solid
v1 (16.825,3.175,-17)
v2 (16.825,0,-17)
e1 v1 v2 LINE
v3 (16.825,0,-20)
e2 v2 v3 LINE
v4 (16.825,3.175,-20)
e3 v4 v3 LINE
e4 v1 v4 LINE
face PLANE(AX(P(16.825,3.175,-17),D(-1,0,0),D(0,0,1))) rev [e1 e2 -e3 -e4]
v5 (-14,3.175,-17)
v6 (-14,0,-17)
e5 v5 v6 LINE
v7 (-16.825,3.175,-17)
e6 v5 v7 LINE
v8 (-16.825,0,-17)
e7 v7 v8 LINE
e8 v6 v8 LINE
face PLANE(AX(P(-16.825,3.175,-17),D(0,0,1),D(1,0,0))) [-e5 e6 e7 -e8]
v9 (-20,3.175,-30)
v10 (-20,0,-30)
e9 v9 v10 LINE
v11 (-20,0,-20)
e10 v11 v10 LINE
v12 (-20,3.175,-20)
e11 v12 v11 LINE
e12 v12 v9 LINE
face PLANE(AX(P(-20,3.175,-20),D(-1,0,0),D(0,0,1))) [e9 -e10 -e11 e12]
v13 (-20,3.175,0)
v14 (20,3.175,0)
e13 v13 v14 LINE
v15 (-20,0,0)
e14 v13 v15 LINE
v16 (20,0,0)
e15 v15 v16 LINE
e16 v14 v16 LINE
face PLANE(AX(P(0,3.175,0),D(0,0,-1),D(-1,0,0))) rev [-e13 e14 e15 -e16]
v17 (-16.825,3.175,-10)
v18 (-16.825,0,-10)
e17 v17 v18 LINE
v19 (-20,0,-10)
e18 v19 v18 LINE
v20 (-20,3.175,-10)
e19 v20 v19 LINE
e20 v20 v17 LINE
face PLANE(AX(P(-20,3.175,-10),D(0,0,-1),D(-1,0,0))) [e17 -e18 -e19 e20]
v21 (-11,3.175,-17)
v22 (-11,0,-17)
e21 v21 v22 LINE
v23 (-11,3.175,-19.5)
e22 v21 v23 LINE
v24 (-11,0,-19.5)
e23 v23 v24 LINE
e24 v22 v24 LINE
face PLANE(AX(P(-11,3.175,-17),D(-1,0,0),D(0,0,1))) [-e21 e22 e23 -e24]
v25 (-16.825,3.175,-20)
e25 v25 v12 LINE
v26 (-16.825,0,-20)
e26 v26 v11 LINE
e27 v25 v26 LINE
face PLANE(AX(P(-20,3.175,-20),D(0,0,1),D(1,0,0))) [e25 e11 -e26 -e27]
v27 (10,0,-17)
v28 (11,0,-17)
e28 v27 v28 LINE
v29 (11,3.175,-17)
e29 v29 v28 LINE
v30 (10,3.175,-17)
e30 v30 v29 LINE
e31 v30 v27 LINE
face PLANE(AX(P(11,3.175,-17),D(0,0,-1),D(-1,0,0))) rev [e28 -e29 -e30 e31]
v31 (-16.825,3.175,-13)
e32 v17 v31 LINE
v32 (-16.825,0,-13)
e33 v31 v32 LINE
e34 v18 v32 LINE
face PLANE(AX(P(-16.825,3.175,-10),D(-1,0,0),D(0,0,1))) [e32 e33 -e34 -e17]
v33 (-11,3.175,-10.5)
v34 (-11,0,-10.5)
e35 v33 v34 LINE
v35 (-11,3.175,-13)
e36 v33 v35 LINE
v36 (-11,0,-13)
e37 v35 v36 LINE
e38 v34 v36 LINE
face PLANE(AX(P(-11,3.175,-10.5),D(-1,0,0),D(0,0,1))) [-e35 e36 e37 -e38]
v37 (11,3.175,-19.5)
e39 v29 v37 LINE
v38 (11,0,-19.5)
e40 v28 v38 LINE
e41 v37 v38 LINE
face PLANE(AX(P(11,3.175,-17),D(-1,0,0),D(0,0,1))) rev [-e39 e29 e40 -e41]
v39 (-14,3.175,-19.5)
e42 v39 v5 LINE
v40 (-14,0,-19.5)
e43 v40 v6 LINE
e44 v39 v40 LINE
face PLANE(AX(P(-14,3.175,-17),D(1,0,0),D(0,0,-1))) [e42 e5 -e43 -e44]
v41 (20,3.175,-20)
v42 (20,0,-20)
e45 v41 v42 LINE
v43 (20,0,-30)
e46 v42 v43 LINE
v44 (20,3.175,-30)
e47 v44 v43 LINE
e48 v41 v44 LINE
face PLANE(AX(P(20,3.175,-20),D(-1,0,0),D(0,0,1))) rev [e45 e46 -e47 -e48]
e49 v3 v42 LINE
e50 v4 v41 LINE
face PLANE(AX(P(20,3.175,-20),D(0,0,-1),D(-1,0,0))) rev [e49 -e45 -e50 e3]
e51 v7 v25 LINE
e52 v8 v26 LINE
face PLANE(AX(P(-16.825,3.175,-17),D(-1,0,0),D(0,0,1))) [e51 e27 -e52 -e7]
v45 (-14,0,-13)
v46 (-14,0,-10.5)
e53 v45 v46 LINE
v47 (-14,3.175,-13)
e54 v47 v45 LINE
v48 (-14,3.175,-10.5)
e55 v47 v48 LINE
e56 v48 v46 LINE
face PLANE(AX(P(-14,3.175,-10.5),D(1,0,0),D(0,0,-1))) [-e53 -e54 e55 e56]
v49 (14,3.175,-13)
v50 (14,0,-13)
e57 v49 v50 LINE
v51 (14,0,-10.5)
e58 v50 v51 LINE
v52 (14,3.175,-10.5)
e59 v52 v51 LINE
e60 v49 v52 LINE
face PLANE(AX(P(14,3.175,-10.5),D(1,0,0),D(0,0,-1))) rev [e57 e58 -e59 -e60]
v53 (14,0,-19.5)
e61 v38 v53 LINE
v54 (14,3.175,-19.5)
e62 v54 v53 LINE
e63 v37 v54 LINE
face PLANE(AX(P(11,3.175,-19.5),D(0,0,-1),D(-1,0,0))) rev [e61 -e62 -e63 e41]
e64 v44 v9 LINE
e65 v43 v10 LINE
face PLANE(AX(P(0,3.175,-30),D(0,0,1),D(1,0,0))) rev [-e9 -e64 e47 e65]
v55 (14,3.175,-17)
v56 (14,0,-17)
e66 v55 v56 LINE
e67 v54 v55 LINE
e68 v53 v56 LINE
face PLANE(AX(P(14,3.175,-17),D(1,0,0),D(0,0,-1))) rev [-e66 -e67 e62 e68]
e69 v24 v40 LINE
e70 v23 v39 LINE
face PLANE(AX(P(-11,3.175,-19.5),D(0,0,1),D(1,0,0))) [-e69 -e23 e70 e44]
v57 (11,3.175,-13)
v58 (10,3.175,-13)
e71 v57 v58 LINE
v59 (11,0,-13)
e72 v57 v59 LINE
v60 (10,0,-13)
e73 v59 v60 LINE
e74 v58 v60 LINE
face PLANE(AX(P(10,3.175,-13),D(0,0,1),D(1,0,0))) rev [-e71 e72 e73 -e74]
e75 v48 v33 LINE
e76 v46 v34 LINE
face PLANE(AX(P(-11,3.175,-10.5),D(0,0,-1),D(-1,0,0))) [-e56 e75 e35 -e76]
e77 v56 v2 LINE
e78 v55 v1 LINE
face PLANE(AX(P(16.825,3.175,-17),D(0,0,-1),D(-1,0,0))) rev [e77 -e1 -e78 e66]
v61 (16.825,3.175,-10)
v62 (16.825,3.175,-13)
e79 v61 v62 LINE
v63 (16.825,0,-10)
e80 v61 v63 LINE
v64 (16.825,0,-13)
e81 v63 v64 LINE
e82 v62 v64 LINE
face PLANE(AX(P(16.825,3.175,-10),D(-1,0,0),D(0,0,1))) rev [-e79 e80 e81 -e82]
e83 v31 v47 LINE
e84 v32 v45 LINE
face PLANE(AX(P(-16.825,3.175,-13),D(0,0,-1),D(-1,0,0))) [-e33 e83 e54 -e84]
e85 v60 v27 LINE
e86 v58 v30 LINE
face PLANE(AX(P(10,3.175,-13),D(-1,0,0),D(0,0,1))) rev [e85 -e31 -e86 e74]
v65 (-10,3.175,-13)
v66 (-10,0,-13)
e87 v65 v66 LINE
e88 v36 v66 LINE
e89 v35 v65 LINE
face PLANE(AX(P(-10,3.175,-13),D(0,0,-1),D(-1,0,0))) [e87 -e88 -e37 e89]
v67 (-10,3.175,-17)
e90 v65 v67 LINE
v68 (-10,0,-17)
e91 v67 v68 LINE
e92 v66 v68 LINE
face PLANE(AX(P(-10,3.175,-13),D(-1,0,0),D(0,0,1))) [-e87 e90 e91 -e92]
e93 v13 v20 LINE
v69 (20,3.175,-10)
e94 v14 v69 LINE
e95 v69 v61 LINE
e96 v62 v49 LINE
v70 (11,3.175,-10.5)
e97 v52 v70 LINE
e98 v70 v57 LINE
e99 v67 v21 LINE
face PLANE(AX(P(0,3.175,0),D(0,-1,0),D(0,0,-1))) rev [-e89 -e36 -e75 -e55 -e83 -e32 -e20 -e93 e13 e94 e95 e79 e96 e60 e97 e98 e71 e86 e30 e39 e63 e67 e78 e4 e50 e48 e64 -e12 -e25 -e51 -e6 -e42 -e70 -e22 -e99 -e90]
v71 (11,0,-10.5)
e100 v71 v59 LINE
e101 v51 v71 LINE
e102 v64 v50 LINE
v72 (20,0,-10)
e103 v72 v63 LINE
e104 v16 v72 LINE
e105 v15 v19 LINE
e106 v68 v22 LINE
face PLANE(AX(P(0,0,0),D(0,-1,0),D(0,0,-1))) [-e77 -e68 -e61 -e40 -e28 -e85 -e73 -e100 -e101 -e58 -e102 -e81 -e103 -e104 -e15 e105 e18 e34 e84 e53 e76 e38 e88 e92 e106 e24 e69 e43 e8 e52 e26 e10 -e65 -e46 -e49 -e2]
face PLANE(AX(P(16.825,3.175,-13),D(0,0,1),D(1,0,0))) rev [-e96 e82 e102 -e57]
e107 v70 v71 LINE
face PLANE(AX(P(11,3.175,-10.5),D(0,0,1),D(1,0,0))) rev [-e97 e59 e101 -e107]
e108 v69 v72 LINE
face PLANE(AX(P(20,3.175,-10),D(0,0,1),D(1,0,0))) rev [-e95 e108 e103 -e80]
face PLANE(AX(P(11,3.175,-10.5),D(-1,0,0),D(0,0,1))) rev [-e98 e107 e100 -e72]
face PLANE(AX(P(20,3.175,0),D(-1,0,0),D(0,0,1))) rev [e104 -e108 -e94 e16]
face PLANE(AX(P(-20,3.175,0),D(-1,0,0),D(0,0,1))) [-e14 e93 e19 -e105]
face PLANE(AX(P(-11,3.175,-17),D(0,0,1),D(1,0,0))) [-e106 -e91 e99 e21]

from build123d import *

# Parameters (mm, degrees)
BOSS_EXTRUDE1_DEPTH = 3.175


with BuildPart() as part:
    # Sketch2 → Boss-Extrude1 (new body)
    with BuildSketch(Plane(origin=(0, 0, 0), x_dir=(1, 0, 0), z_dir=(0, 1, 0))):
        Polygon((20, 20), (20, 30), (0, 30), (0, 0), (20, 0), (20, 10), (16.825, 10), (16.825, 13), (14, 13), (14, 10.5), (11, 10.5), (11, 13), (10, 13), (10, 17), (11, 17), (11, 19.5), (14, 19.5), (14, 17), (16.825, 17), (16.825, 20), align=None)
    boss_extrude1 = extrude(amount=BOSS_EXTRUDE1_DEPTH)

    # Mirror1: Boss-Extrude1 across plane
    add(boss_extrude1.mirror(Plane(origin=(0, 3.175, 0), x_dir=(0, 0, 1), z_dir=(1, 0, 0))))


solid = part.part
